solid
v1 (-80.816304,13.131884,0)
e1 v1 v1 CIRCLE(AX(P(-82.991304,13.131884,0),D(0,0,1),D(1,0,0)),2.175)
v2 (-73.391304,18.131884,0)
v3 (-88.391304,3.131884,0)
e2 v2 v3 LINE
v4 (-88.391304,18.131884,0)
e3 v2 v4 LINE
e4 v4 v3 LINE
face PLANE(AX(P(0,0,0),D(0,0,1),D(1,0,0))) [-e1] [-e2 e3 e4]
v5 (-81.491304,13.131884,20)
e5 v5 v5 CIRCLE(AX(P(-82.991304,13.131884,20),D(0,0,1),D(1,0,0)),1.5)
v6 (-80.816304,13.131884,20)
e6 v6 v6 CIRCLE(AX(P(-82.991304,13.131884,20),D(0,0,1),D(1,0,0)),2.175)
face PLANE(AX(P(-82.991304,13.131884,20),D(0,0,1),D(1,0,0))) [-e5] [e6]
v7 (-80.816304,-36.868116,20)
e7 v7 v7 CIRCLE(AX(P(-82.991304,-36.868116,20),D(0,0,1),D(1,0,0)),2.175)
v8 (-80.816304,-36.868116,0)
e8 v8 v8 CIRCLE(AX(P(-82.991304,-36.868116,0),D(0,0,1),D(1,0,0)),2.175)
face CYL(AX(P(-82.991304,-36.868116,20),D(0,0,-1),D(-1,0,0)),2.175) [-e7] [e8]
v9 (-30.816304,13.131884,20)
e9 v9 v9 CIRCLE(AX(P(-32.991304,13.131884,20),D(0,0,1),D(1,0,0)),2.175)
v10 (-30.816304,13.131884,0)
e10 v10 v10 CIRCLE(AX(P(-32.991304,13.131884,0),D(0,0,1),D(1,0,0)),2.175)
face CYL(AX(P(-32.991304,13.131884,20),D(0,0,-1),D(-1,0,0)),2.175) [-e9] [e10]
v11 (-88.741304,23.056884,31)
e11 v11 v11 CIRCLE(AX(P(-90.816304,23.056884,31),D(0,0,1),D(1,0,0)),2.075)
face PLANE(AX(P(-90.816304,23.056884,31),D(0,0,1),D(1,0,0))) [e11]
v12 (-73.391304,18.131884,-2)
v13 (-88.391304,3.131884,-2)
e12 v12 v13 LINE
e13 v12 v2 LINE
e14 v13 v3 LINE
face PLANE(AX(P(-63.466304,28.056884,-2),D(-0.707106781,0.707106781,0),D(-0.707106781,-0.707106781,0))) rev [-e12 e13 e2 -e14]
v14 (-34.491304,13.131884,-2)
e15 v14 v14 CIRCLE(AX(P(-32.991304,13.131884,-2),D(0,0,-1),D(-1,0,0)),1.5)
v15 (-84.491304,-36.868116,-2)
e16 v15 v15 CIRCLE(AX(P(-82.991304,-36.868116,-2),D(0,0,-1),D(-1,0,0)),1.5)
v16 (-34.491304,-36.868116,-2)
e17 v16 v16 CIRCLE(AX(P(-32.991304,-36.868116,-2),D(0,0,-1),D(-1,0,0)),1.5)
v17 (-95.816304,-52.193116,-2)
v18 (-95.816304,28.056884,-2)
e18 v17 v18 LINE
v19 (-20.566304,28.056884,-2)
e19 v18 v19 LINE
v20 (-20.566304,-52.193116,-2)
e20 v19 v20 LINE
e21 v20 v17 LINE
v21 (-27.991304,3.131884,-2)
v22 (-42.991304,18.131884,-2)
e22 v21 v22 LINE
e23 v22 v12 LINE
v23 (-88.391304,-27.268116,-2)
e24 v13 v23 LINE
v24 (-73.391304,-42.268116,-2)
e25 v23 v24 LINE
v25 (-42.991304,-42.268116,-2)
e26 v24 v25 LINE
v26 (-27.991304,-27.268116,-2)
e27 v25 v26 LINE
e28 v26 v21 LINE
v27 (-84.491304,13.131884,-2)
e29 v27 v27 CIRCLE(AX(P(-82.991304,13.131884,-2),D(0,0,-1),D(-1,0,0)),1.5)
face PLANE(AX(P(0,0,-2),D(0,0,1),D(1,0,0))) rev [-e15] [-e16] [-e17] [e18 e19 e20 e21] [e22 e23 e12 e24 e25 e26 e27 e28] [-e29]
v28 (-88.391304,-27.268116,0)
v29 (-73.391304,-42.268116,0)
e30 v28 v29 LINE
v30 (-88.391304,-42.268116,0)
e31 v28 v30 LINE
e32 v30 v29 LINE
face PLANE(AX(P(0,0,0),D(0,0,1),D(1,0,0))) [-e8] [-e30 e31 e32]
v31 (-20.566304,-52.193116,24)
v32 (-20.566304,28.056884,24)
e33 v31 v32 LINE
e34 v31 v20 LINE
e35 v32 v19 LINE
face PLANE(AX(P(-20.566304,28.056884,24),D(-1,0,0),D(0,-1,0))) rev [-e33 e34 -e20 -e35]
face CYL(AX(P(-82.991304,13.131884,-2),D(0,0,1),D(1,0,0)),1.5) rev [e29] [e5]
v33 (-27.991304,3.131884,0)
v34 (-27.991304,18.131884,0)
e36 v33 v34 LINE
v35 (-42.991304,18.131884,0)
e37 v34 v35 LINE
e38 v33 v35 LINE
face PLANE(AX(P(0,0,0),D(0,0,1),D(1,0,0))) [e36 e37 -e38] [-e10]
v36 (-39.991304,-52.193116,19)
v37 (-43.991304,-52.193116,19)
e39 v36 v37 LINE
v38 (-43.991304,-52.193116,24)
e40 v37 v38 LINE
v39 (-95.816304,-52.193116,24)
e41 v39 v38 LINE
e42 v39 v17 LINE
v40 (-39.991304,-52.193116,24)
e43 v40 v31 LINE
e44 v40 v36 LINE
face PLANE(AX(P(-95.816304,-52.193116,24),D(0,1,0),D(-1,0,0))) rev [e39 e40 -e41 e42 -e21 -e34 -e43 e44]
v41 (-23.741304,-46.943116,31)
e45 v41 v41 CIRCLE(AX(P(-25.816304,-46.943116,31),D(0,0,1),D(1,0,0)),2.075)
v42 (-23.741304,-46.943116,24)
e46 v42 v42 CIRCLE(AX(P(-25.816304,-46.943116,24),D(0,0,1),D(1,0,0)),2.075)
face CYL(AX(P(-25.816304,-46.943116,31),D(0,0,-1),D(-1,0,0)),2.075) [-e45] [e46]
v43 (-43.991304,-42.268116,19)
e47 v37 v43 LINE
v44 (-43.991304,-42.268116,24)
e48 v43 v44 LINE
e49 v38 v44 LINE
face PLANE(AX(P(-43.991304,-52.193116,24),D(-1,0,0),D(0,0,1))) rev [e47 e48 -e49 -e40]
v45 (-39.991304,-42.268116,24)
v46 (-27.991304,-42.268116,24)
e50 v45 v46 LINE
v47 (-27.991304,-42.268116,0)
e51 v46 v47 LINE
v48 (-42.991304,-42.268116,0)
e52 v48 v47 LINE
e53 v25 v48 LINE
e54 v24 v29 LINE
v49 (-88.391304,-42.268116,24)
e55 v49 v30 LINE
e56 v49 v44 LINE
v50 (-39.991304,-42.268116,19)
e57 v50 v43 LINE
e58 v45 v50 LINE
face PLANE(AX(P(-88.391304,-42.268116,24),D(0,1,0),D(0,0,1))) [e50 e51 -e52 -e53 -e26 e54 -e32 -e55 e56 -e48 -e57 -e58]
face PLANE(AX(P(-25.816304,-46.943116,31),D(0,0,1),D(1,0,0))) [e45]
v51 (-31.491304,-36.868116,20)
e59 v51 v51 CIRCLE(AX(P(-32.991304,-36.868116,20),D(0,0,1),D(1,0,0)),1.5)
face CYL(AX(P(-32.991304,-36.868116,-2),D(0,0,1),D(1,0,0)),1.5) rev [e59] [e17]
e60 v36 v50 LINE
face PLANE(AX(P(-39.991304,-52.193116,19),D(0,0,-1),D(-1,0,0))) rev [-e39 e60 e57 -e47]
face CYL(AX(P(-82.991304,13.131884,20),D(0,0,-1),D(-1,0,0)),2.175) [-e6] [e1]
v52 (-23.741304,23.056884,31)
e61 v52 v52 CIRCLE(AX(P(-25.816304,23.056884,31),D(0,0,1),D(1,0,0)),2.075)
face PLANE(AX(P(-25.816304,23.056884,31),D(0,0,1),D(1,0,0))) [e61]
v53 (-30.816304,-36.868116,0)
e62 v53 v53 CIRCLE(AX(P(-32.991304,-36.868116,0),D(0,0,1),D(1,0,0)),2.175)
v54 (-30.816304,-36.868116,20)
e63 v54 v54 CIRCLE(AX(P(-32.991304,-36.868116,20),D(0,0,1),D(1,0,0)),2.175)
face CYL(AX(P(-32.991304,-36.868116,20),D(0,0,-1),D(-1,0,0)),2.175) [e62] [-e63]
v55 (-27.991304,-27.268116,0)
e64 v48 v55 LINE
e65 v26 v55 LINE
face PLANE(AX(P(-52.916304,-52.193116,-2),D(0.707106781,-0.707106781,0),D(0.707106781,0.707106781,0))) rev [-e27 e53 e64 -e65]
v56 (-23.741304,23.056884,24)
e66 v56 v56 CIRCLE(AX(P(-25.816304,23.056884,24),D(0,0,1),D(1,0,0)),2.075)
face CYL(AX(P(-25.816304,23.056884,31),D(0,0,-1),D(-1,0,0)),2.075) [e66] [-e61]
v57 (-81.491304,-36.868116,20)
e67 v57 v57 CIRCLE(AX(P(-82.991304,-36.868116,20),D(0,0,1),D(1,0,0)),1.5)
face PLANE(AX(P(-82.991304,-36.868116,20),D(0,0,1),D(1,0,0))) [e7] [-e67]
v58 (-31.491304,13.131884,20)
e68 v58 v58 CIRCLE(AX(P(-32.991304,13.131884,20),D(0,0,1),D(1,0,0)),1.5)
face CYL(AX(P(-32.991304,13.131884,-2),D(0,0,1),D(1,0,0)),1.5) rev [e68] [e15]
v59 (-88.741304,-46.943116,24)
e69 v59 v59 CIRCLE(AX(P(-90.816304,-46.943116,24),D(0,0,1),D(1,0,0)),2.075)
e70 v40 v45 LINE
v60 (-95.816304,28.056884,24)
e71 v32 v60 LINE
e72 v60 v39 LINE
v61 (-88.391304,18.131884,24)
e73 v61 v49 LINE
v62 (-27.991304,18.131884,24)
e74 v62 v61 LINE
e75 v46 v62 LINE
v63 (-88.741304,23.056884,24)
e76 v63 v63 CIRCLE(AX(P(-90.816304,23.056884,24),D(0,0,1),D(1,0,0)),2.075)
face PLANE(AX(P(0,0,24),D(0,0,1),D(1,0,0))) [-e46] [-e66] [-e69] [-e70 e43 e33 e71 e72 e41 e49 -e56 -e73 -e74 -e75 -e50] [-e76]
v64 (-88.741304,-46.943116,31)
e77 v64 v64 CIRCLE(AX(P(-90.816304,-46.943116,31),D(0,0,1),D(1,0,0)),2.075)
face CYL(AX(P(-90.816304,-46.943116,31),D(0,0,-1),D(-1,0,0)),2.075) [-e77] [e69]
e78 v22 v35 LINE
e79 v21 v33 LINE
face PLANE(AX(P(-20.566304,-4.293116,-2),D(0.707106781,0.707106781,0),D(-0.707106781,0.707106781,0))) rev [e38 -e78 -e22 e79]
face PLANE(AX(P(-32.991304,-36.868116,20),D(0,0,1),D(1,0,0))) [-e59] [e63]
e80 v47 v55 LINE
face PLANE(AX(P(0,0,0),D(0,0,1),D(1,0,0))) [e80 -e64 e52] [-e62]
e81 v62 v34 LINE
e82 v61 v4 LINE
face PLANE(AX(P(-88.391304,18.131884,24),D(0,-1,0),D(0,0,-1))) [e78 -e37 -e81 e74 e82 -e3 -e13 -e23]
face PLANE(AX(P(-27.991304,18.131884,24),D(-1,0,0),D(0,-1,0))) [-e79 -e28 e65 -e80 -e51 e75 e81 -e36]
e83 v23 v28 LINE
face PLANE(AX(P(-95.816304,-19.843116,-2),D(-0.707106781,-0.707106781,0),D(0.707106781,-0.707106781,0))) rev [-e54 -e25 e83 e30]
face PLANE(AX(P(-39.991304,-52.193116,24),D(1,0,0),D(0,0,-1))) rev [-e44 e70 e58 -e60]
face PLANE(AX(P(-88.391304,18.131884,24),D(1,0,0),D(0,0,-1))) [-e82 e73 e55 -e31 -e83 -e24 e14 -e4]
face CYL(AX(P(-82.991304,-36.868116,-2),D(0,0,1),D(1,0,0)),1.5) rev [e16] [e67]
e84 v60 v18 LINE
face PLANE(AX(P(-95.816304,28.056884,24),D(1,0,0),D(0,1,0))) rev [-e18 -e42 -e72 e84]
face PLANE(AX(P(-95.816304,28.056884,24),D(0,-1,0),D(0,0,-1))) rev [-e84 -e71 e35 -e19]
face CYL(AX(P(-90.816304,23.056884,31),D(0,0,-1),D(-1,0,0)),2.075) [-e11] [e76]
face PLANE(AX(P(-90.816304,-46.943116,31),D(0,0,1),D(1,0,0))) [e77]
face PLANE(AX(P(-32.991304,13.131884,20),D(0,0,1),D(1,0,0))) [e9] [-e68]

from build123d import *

# Parameters (mm, degrees)
CROQUIS1_W              = 75.25
CROQUIS1_H              = 80.25
CROQUIS1_W_2            = 60.4
CROQUIS1_H_2            = 60.4
SALIENTE_EXTRUIR1_DEPTH = 24
CROQUIS2_R              = 2.075
SALIENTE_EXTRUIR2_DEPTH = 7
CROQUIS3_R              = 1.5
SALIENTE_EXTRUIR3_DEPTH = 2
CROQUIS4_R              = 2.175
CROQUIS4_R_2            = 1.5
SALIENTE_EXTRUIR4_DEPTH = 20
CROQUIS5_W              = 4
CROQUIS5_H              = 5
CORTAR_EXTRUIR1_DEPTH   = 9.925
SALIENTE_EXTRUIR5_DEPTH = 2


with BuildPart() as part:
    # Croquis1 → Saliente-Extruir1 (new body)
    with BuildSketch(Plane.XY):
        with Locations((-58.191304348, -12.068115942)):
            Rectangle(CROQUIS1_W, CROQUIS1_H)
        with Locations((-58.191304348, -12.068115942)):
            Rectangle(CROQUIS1_W_2, CROQUIS1_H_2, mode=Mode.SUBTRACT)
    extrude(amount=SALIENTE_EXTRUIR1_DEPTH)

    # Croquis2 → Saliente-Extruir2 (add)
    with BuildSketch(Plane.XY.offset(24)):
        with Locations((-90.816304348, 23.056884058)):
            Circle(CROQUIS2_R)
        with Locations((-25.816304348, 23.056884058)):
            Circle(CROQUIS2_R)
        with Locations((-25.816304348, -46.943115942)):
            Circle(CROQUIS2_R)
        with Locations((-90.816304348, -46.943115942)):
            Circle(CROQUIS2_R)
    extrude(amount=SALIENTE_EXTRUIR2_DEPTH)

    # Croquis3 → Saliente-Extruir3 (add)
    with BuildSketch(Plane(origin=(0, 0, 0), x_dir=(-1, 0, 0), z_dir=(0, 0, -1))):
        Polygon((20.566304348, -19.843115942), (20.566304348, -52.193115942), (52.916304348, -52.193115942), align=None)
        with Locations((32.991304348, -36.868115942)):
            Circle(CROQUIS3_R, mode=Mode.SUBTRACT)
        Polygon((95.816304348, -4.293115942), (95.816304348, 28.056884058), (63.466304348, 28.056884058), align=None)
        with Locations((82.991304348, 13.131884058)):
            Circle(CROQUIS3_R, mode=Mode.SUBTRACT)
        Polygon((95.816304348, -19.843115942), (63.466304348, -52.193115942), (95.816304348, -52.193115942), align=None)
        with Locations((82.991304348, -36.868115942)):
            Circle(CROQUIS3_R, mode=Mode.SUBTRACT)
        Polygon((20.566304348, -4.293115942), (52.916304348, 28.056884058), (20.566304348, 28.056884058), align=None)
        with Locations((32.991304348, 13.131884058)):
            Circle(CROQUIS3_R, mode=Mode.SUBTRACT)
    extrude(amount=SALIENTE_EXTRUIR3_DEPTH)

    # Croquis4 → Saliente-Extruir4 (add)
    with BuildSketch(Plane.XY):
        with Locations((-82.991304348, 13.131884058)):
            Circle(CROQUIS4_R)
        with Locations((-82.991304348, 13.131884058)):
            Circle(CROQUIS4_R_2, mode=Mode.SUBTRACT)
        with Locations((-32.991304348, 13.131884058)):
            Circle(CROQUIS4_R)
        with Locations((-32.991304348, 13.131884058)):
            Circle(CROQUIS4_R_2, mode=Mode.SUBTRACT)
        with Locations((-32.991304348, -36.868115942)):
            Circle(CROQUIS4_R)
        with Locations((-32.991304348, -36.868115942)):
            Circle(CROQUIS4_R_2, mode=Mode.SUBTRACT)
        with Locations((-82.991304348, -36.868115942)):
            Circle(CROQUIS4_R)
        with Locations((-82.991304348, -36.868115942)):
            Circle(CROQUIS4_R_2, mode=Mode.SUBTRACT)
    extrude(amount=SALIENTE_EXTRUIR4_DEPTH)

    # Croquis5 → Cortar-Extruir1 (cut)
    with BuildSketch(Plane(origin=(0, -42.268115942, 0), x_dir=(1, 0, 0), z_dir=(0, 1, 0))):
        with Locations((-41.991304348, -21.5)):
            Rectangle(CROQUIS5_W, CROQUIS5_H)
    extrude(amount=-CORTAR_EXTRUIR1_DEPTH, mode=Mode.SUBTRACT)

    # Croquis6 → Saliente-Extruir5 (add)
    with BuildSketch(Plane(origin=(0, 0, 0), x_dir=(-1, 0, 0), z_dir=(0, 0, -1))):
        Polygon((42.991304348, 18.131884058), (52.916304348, 28.056884058), (63.466304348, 28.056884058), (73.391304348, 18.131884058), align=None)
        Polygon((27.991304348, 3.131884058), (27.991304348, -27.268115942), (20.566304348, -19.843115942), (20.566304348, -4.293115942), align=None)
        Polygon((42.991304348, -42.268115942), (52.916304348, -52.193115942), (63.466304348, -52.193115942), (73.391304348, -42.268115942), align=None)
        Polygon((88.391304348, -27.268115942), (88.391304348, 3.131884058), (95.816304348, -4.293115942), (95.816304348, -19.843115942), align=None)
    extrude(amount=SALIENTE_EXTRUIR5_DEPTH)


solid = part.part
